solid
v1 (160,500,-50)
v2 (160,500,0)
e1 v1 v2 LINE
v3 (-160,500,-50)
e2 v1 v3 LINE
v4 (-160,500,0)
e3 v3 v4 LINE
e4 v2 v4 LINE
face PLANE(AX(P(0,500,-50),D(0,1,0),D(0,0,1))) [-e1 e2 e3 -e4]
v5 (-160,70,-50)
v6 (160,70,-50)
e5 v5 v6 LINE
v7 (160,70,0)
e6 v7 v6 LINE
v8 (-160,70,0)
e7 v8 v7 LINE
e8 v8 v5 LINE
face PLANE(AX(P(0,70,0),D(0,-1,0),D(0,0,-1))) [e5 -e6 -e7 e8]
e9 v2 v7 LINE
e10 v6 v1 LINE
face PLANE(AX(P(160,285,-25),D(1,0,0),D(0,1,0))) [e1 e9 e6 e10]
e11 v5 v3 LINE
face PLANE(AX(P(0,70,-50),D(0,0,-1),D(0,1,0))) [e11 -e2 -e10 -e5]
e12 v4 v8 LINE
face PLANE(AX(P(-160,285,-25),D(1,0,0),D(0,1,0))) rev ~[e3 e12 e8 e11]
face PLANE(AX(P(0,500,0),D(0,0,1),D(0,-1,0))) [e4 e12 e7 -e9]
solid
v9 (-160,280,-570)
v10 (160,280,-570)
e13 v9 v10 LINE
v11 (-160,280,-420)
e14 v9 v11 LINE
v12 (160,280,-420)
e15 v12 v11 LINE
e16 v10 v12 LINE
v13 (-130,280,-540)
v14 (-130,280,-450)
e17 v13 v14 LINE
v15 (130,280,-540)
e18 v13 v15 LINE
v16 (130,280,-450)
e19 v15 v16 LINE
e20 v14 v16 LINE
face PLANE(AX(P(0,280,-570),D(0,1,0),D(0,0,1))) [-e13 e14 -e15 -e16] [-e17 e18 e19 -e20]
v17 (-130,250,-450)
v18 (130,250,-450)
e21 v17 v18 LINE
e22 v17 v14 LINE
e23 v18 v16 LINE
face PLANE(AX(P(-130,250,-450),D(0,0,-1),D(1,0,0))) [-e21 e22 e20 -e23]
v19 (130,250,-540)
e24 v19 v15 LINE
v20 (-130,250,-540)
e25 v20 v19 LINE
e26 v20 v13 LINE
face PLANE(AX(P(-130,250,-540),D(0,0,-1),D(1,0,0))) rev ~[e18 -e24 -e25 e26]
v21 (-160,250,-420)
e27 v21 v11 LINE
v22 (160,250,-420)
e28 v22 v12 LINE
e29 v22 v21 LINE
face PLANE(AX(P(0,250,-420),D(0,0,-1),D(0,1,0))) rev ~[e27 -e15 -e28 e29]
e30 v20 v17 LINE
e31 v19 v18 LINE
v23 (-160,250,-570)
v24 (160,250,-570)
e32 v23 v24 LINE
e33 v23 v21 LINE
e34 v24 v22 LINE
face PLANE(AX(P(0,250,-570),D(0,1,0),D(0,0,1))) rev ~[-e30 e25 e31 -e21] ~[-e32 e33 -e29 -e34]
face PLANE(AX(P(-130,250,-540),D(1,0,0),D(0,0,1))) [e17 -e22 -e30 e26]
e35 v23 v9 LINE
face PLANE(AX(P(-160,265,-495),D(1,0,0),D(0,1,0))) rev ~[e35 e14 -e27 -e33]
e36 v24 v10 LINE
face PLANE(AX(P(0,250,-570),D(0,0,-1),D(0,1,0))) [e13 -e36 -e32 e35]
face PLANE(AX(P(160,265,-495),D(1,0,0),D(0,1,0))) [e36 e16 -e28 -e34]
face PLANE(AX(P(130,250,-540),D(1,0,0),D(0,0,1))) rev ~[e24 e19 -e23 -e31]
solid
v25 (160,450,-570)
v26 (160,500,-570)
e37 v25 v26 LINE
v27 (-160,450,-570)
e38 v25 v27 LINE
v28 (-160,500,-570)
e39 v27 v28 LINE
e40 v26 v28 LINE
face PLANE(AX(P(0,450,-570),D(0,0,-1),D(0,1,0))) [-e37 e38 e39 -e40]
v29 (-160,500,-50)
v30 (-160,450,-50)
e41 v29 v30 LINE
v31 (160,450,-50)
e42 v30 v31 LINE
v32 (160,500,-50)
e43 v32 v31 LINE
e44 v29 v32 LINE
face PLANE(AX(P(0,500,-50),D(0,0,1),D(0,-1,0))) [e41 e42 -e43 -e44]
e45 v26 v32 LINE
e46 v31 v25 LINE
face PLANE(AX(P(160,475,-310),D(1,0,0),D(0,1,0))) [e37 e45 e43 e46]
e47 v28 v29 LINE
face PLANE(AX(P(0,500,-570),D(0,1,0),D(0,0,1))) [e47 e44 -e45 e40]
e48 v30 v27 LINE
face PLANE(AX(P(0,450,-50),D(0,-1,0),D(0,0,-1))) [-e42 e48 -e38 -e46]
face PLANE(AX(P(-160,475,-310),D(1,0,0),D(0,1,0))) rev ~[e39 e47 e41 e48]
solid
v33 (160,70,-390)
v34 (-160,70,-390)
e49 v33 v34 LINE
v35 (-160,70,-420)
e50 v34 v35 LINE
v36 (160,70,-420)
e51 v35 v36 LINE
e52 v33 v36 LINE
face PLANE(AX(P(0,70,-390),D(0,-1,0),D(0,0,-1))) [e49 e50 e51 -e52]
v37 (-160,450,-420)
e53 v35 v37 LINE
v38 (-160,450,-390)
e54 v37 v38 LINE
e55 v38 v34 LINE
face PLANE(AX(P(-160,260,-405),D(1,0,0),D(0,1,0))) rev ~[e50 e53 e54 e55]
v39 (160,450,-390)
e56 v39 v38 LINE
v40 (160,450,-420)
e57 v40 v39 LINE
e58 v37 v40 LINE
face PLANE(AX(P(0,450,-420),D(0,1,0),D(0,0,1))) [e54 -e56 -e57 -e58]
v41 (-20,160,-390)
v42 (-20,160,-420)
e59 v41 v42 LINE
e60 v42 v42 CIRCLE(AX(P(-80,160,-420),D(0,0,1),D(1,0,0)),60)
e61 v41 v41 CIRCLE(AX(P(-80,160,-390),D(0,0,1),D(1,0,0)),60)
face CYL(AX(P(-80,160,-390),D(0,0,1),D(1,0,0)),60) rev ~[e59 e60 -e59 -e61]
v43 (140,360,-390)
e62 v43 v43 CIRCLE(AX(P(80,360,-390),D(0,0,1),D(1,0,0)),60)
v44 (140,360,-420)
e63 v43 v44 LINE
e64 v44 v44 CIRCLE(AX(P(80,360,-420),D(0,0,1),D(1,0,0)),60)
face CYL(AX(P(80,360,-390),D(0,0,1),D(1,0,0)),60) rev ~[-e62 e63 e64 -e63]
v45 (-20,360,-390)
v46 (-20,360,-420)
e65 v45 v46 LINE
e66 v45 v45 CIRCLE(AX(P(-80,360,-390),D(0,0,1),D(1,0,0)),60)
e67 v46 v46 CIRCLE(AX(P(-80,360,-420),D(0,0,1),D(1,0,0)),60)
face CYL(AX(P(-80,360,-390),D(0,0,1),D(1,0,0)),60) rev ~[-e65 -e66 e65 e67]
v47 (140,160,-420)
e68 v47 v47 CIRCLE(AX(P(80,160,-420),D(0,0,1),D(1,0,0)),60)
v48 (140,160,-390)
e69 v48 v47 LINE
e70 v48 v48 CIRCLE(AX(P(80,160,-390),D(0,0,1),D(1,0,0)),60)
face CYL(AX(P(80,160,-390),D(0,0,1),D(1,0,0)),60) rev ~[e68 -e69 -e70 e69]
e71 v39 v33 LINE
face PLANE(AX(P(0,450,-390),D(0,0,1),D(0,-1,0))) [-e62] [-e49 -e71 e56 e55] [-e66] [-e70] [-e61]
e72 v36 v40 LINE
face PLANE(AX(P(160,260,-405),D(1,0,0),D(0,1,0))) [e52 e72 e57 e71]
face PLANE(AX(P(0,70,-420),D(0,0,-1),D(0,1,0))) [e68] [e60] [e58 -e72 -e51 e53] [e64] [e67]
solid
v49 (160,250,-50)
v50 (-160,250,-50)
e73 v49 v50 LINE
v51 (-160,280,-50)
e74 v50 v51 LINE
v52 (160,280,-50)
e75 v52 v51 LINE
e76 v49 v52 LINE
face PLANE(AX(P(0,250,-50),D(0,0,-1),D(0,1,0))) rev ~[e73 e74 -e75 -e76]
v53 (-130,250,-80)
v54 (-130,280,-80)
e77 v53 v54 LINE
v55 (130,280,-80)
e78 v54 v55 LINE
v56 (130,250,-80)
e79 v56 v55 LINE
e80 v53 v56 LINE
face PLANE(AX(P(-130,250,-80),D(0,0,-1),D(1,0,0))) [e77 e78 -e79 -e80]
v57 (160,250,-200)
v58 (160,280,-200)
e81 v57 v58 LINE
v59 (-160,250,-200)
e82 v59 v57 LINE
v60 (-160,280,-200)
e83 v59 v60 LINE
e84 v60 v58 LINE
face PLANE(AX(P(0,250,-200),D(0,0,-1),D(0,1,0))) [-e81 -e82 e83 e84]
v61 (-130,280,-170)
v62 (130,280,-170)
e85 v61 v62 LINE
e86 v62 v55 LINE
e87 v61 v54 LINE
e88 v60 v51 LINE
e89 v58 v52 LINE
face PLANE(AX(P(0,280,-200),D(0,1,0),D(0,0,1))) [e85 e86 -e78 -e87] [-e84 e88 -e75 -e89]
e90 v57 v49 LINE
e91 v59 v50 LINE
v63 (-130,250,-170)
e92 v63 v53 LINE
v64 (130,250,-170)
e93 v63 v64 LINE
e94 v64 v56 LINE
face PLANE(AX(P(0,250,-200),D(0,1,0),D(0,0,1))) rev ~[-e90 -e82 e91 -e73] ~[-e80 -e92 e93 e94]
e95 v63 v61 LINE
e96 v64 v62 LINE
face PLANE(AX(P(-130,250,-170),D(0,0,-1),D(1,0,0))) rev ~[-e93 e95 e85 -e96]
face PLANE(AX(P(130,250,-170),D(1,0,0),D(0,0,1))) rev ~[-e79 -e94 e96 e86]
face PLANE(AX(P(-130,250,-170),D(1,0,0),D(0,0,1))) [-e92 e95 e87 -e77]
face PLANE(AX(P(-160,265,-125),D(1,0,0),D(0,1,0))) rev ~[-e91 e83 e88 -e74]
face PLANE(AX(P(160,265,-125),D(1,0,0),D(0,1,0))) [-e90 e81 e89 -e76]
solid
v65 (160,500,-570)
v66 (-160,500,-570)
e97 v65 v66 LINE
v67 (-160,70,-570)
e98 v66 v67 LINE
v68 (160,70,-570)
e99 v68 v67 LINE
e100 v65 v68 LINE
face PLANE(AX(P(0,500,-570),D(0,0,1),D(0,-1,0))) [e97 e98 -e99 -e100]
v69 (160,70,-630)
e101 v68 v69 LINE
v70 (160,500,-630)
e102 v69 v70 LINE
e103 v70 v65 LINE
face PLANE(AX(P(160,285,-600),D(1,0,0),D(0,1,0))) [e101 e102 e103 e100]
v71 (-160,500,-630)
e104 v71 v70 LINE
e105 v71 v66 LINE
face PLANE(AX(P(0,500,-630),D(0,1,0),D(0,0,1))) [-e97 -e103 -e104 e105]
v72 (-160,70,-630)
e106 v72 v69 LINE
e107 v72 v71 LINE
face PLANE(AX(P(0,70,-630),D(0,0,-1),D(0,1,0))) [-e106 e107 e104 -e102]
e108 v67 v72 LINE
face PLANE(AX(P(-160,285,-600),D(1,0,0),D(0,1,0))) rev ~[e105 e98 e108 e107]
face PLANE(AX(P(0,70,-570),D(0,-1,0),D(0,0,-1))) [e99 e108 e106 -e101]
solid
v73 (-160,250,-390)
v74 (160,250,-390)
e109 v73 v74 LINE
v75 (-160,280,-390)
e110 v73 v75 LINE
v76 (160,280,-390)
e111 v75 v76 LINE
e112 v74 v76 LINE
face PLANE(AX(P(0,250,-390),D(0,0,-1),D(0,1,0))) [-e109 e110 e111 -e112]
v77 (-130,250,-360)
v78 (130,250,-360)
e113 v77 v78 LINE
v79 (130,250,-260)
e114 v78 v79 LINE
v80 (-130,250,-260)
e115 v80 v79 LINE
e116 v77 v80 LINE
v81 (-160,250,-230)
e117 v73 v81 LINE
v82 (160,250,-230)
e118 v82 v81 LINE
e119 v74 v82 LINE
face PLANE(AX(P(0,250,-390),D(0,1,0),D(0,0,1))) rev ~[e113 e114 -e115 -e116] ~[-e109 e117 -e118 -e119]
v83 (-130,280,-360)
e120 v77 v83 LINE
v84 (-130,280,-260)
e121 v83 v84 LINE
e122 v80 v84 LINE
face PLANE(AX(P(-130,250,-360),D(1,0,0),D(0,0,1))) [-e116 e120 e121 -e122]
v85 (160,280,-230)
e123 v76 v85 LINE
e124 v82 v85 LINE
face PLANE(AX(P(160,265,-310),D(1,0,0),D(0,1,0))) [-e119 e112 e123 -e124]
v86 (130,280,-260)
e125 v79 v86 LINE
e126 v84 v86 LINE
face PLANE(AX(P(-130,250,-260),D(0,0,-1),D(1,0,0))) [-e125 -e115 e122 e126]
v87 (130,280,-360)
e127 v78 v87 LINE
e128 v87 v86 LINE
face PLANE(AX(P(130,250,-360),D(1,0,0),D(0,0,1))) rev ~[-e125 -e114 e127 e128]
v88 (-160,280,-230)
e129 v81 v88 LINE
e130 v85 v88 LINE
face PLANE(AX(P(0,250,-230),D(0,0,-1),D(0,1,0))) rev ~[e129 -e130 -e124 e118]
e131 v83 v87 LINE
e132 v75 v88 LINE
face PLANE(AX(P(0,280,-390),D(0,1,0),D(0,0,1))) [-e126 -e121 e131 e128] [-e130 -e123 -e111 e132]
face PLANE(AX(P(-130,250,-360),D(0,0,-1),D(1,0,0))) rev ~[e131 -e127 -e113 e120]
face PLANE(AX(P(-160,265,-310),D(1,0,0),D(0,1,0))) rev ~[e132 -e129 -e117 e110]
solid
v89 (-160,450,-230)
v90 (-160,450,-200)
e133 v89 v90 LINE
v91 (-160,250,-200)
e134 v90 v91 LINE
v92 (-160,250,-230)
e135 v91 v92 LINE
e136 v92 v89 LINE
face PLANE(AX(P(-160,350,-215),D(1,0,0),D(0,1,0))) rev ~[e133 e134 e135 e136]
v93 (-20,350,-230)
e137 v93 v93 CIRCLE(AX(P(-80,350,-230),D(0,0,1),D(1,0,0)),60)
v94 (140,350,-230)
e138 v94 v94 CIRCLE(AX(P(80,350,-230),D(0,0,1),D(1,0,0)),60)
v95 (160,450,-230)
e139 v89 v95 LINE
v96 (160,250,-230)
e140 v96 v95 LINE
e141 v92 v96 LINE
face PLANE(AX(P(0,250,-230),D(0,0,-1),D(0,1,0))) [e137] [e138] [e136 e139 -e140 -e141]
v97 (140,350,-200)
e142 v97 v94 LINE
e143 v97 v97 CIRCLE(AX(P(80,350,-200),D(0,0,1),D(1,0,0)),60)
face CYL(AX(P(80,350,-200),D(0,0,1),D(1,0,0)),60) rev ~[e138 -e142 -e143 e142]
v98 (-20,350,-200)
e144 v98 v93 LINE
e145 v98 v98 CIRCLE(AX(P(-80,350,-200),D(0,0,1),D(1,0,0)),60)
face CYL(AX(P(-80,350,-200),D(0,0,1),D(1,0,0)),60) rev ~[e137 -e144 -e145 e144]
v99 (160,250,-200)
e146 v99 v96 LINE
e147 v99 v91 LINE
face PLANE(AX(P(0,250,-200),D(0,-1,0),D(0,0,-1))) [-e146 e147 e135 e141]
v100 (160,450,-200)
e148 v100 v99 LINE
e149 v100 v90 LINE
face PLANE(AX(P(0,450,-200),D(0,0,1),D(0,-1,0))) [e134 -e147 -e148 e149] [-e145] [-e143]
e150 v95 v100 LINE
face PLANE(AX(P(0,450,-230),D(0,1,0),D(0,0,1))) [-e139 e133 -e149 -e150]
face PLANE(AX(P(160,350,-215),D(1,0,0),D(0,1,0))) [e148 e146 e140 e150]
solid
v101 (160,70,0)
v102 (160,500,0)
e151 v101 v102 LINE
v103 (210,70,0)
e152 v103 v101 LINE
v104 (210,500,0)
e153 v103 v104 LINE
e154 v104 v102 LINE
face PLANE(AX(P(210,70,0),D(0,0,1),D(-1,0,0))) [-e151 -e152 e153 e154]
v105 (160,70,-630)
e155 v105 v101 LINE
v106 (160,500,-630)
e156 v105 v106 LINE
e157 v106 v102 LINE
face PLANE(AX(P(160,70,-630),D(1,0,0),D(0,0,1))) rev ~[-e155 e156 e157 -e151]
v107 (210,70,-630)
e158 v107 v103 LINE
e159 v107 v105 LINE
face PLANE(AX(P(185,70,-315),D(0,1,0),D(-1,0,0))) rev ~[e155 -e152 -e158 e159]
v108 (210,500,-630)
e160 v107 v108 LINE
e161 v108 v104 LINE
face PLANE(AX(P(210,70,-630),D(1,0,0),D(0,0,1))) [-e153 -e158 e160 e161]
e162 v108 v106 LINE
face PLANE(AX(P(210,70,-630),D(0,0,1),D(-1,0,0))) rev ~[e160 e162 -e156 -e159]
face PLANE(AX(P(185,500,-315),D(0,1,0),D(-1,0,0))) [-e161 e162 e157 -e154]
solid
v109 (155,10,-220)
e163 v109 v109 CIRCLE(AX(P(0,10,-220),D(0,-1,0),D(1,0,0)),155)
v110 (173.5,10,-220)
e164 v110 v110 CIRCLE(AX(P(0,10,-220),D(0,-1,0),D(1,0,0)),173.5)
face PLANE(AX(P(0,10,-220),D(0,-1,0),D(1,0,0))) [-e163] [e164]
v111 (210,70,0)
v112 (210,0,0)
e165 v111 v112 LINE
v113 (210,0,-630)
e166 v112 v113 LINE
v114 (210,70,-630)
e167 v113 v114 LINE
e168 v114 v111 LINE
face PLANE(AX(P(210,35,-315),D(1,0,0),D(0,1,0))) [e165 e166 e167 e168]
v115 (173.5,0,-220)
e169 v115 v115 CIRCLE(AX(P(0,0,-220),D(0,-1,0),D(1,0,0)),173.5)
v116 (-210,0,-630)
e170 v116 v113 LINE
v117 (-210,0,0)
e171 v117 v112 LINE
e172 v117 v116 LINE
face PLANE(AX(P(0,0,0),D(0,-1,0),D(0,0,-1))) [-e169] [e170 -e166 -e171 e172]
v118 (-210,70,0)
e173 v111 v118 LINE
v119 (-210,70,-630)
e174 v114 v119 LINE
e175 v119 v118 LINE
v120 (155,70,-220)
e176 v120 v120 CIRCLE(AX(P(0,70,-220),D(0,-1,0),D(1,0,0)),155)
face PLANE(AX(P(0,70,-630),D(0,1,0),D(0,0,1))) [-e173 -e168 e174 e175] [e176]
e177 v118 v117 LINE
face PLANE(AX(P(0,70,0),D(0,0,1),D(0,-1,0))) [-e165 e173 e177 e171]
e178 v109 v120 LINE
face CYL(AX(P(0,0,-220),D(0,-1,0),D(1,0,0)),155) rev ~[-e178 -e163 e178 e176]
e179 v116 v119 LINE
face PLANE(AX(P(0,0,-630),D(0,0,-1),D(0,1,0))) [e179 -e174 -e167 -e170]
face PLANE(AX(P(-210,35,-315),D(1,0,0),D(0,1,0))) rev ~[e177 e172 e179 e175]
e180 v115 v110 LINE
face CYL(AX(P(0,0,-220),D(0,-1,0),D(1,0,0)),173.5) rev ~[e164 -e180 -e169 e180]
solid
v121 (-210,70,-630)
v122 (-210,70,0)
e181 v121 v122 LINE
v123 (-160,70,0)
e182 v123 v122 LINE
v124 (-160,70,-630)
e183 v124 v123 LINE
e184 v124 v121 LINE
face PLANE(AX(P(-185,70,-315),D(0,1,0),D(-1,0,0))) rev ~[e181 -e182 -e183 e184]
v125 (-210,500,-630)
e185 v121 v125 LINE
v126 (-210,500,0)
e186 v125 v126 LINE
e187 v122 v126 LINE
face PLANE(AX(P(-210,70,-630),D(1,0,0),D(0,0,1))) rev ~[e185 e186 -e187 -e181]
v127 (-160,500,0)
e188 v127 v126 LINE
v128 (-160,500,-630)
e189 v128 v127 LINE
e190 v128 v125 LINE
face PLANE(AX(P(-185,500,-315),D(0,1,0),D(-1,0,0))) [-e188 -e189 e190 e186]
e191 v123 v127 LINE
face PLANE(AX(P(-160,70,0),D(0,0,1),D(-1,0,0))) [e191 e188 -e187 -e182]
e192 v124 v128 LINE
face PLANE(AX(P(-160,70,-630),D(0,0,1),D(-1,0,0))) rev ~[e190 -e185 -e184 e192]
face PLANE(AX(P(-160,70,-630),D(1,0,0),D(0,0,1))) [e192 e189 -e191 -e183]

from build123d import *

# Parameters (mm, degrees)
F1_DEPTH  = 210
F2_DEPTH  = 160
F3_DEPTH  = 160
F4_DEPTH  = 160
F5_R      = 155
F6_DEPTH  = 70
F5_R_2    = 173.5
F7_DEPTH  = 10
F8_W      = 50
F8_H      = 630
F9_DEPTH  = 430
F10_DEPTH = 430
F0_W      = 30
F0_H      = 150
F11_DEPTH = 160
F12_DEPTH = 160
F0_H_2    = 160
F13_DEPTH = 160
F14_DEPTH = 160
F15_DEPTH = 160
F16_W     = 260
F16_H     = 90
F17_DEPTH = 30
F18_W     = 260
F18_H     = 100
F19_DEPTH = 30
F20_W     = 260
F20_H     = 90
F21_DEPTH = 30
F22_R     = 60
F23_DEPTH = 30
F24_R     = 60
F25_DEPTH = 30


with BuildPart() as f1:
    # F0 (on Right) → F1 (new body, symmetric)
    with BuildSketch(Plane.YZ):
        Polygon((70, 0), (0, 0), (0, -630), (70, -630), (70, -570), (70, -420), (70, -390), (70, -50), align=None)
    extrude(amount=F1_DEPTH, both=True)

    # F5 (on face) → F6 (cut, through all)
    with BuildSketch(Plane.XZ):
        with Locations((0, -220)):
            Circle(F5_R)
    extrude(amount=-F6_DEPTH, mode=Mode.SUBTRACT)

    # F5 (on face) → F7 (cut)
    with BuildSketch(Plane.XZ):
        with Locations((0, -220)):
            Circle(F5_R_2)
        with Locations((0, -220)):
            Circle(F5_R, mode=Mode.SUBTRACT)
    extrude(amount=-F7_DEPTH, mode=Mode.SUBTRACT)


with BuildPart() as f2:
    # F0 (on Right) → F2 (new body, symmetric)
    with BuildSketch(Plane.YZ):
        Polygon((70, -570), (70, -630), (500, -630), (500, -570), (450, -570), (280, -570), (250, -570), align=None)
    extrude(amount=F2_DEPTH, both=True)


with BuildPart() as f3:
    # F0 (on Right) → F3 (new body, symmetric)
    with BuildSketch(Plane.YZ):
        Polygon((500, 0), (70, 0), (70, -50), (250, -50), (280, -50), (450, -50), (500, -50), align=None)
    extrude(amount=F3_DEPTH, both=True)


with BuildPart() as f4:
    # F0 (on Right) → F4 (new body, symmetric)
    with BuildSketch(Plane.YZ):
        Polygon((500, -570), (500, -50), (450, -50), (450, -200), (450, -230), (450, -390), (450, -420), (450, -570), align=None)
    extrude(amount=F4_DEPTH, both=True)


with BuildPart() as f9:
    # F8 (on face) → F9 (new body, through all)
    with BuildSketch(Plane(origin=(0, 70, 0), x_dir=(-1, 0, 0), z_dir=(0, 1, 0))):
        with Locations((-185, -315)):
            Rectangle(F8_W, F8_H)
    extrude(amount=F9_DEPTH)


with BuildPart() as f10:
    # F8 (on face) → F10 (new body, through all)
    with BuildSketch(Plane(origin=(0, 70, 0), x_dir=(-1, 0, 0), z_dir=(0, 1, 0))):
        with Locations((185, -315)):
            Rectangle(F8_W, F8_H)
    extrude(amount=F10_DEPTH)


with BuildPart() as f11:
    # F0 (on Right) → F11 (new body, symmetric)
    with BuildSketch(Plane.YZ):
        with Locations((265, -125)):
            Rectangle(F0_W, F0_H)
    extrude(amount=F11_DEPTH, both=True)

    # F16 (on face) → F17 (cut, through all)
    with BuildSketch(Plane.XZ.offset(-250)):
        with Locations((0, -125)):
            Rectangle(F16_W, F16_H)
    extrude(amount=-F17_DEPTH, mode=Mode.SUBTRACT)


with BuildPart() as f12:
    # F0 (on Right) → F12 (new body, symmetric)
    with BuildSketch(Plane.YZ):
        Polygon((280, -200), (250, -200), (250, -230), (280, -230), (450, -230), (450, -200), align=None)
    extrude(amount=F12_DEPTH, both=True)

    # F22 (on face) → F23 (cut, through all)
    with BuildSketch(Plane.XY.offset(-200)):
        with Locations((-80, 350)):
            Circle(F22_R)
        with Locations((80, 350)):
            Circle(F22_R)
    extrude(amount=-F23_DEPTH, mode=Mode.SUBTRACT)


with BuildPart() as f13:
    # F0 (on Right) → F13 (new body, symmetric)
    with BuildSketch(Plane.YZ):
        with Locations((265, -310)):
            Rectangle(F0_W, F0_H_2)
    extrude(amount=F13_DEPTH, both=True)

    # F18 (on face) → F19 (cut, through all)
    with BuildSketch(Plane.XZ.offset(-250)):
        with Locations((0, -310)):
            Rectangle(F18_W, F18_H)
    extrude(amount=-F19_DEPTH, mode=Mode.SUBTRACT)


with BuildPart() as f14:
    # F0 (on Right) → F14 (new body, symmetric)
    with BuildSketch(Plane.YZ):
        Polygon((250, -390), (70, -390), (70, -420), (250, -420), (280, -420), (450, -420), (450, -390), (280, -390), align=None)
    extrude(amount=F14_DEPTH, both=True)

    # F24 (on face) → F25 (cut, through all)
    with BuildSketch(Plane.XY.offset(-390)):
        with Locations((-80, 360)):
            Circle(F24_R)
        with Locations((80, 360)):
            Circle(F24_R)
        with Locations((-80, 160)):
            Circle(F24_R)
        with Locations((80, 160)):
            Circle(F24_R)
    extrude(amount=-F25_DEPTH, mode=Mode.SUBTRACT)


with BuildPart() as f15:
    # F0 (on Right) → F15 (new body, symmetric)
    with BuildSketch(Plane.YZ):
        with Locations((265, -495)):
            Rectangle(F0_W, F0_H)
    extrude(amount=F15_DEPTH, both=True)

    # F20 (on face) → F21 (cut, through all)
    with BuildSketch(Plane.XZ.offset(-250)):
        with Locations((0, -495)):
            Rectangle(F20_W, F20_H)
    extrude(amount=-F21_DEPTH, mode=Mode.SUBTRACT)


solid = Compound([f1.part, f2.part, f3.part, f4.part, f9.part, f10.part, f11.part, f12.part, f13.part, f14.part, f15.part])
